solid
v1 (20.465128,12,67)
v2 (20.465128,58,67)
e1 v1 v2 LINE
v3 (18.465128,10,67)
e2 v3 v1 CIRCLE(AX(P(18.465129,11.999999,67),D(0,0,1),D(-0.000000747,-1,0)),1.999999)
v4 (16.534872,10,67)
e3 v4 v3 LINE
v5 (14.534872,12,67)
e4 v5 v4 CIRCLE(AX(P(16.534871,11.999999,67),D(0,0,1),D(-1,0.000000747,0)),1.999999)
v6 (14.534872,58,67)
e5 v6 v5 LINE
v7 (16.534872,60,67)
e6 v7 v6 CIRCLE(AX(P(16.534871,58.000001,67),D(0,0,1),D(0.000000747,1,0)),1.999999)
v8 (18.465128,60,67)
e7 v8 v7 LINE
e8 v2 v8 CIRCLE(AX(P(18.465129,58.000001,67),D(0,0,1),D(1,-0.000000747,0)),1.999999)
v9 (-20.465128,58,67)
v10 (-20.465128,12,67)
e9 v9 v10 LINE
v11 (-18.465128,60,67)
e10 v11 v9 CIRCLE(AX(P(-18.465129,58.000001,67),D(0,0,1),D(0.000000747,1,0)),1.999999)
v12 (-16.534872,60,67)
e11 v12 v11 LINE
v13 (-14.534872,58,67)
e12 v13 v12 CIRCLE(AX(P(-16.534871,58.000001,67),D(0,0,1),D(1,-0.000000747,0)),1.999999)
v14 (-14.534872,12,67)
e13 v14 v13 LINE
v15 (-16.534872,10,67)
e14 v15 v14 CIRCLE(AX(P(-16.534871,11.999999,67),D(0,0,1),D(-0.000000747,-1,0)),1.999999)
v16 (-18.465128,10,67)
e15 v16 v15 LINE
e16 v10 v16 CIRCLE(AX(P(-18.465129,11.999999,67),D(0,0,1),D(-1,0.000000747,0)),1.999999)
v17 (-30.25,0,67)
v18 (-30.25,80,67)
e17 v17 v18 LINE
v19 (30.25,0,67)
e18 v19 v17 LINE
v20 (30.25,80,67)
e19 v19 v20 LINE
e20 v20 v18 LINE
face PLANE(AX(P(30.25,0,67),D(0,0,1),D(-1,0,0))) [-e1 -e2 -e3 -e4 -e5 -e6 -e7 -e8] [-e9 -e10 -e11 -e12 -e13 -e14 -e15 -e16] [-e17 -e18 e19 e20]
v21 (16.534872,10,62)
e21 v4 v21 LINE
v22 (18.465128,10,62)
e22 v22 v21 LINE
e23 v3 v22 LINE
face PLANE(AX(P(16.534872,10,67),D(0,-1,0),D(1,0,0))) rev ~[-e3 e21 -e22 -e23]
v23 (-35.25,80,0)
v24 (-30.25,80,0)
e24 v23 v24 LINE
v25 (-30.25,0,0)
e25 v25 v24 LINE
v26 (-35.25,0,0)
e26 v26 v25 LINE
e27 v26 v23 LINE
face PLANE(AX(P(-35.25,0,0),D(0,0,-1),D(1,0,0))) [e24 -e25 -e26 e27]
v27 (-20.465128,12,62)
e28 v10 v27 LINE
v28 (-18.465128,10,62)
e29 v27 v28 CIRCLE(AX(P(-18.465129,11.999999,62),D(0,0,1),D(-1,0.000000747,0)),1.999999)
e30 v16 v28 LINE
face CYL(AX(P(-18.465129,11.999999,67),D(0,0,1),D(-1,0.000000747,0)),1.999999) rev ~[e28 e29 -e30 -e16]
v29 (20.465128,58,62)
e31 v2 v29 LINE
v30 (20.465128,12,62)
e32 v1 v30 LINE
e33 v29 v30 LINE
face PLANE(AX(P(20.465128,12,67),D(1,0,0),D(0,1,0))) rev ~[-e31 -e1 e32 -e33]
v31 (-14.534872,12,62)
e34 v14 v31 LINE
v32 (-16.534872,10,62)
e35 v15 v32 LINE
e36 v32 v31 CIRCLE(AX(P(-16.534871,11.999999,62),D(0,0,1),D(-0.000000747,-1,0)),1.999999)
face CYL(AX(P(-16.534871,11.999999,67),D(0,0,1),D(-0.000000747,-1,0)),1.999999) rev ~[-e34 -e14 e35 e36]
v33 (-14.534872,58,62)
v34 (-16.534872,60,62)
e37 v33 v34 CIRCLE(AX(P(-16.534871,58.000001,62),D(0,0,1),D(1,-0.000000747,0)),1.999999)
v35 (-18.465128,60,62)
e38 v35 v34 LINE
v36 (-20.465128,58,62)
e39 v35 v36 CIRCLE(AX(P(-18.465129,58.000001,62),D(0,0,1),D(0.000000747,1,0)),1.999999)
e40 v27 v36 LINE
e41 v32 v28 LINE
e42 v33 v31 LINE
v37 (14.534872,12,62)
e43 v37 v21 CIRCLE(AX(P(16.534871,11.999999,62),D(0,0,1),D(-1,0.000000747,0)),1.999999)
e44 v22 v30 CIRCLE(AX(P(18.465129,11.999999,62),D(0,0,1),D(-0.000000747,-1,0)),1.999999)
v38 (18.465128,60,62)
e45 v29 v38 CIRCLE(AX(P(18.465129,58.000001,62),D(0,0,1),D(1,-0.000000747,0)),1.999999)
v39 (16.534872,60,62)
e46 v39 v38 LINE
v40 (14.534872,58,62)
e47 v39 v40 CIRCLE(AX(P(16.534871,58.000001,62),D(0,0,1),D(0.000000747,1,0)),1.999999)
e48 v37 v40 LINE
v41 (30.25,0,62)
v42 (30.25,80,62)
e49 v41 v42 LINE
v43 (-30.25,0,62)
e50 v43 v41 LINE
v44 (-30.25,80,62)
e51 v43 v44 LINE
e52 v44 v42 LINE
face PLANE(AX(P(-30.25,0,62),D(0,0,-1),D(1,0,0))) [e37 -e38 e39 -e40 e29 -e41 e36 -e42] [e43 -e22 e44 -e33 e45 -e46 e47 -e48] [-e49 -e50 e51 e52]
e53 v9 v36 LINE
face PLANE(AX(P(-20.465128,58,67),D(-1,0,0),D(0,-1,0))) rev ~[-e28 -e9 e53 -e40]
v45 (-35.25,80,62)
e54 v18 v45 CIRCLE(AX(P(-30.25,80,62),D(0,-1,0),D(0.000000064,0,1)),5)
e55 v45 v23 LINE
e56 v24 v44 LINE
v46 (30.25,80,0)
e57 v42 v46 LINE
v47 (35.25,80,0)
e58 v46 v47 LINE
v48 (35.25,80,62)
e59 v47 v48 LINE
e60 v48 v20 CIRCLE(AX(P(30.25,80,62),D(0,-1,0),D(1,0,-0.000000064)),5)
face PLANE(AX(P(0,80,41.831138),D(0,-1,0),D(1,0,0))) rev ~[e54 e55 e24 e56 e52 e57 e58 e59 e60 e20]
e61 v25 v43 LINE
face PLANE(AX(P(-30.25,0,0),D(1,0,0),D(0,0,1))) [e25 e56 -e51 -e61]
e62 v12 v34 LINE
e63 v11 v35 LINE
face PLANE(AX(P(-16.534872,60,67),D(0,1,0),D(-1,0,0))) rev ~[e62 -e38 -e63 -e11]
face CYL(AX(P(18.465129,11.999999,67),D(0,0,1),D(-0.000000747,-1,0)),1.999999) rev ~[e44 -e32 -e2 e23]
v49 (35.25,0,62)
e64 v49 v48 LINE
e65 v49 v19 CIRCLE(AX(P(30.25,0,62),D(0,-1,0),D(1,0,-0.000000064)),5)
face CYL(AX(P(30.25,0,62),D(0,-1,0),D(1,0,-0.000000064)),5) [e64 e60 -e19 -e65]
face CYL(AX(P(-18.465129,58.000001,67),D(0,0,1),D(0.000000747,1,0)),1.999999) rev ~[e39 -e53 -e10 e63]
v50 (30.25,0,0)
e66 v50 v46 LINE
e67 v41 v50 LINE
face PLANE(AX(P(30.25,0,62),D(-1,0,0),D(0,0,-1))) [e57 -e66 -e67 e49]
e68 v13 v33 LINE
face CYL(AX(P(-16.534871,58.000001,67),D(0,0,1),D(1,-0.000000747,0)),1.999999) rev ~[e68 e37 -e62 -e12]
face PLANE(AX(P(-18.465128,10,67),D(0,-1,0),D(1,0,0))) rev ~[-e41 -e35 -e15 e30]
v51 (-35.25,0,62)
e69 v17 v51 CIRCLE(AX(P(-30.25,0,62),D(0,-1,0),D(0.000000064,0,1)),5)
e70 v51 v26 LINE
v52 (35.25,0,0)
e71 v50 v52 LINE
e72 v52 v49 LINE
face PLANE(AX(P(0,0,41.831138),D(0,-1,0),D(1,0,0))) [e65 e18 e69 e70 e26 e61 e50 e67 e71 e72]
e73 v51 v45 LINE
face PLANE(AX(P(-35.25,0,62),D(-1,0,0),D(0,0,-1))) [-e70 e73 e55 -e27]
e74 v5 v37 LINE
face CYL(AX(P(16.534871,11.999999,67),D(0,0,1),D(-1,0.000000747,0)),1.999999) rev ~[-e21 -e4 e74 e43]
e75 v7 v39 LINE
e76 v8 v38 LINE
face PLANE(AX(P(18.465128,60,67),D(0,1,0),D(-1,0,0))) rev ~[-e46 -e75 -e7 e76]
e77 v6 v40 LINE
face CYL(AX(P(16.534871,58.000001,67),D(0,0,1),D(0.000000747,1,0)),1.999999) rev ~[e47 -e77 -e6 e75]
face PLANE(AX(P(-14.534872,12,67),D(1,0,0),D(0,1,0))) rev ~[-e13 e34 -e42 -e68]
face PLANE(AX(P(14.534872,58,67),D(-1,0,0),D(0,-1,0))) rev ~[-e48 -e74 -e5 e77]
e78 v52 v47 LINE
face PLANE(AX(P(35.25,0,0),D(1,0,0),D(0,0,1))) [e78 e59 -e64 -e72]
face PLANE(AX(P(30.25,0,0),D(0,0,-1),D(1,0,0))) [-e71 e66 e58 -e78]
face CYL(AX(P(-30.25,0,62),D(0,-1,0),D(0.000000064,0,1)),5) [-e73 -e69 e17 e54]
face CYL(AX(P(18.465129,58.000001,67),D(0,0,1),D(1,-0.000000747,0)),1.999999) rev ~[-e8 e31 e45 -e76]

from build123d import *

# Parameters (mm, degrees)
F1_DEPTH = 80
F3_DEPTH = 67.001


with BuildPart() as f1:
    # F0 (on Front) → F1 (new body)
    with BuildSketch(Plane.XZ):
        with BuildLine():
            Line((-35.25, 62), (-35.25, 0))
            Line((-35.25, 0), (-30.25, 0))
            Line((-30.25, 0), (-30.25, 62))
            Line((-30.25, 62), (30.25, 62))
            Line((30.25, 62), (30.25, 0))
            Line((30.25, 0), (35.25, 0))
            Line((35.25, 0), (35.25, 62))
            ThreePointArc((35.25, 62), (33.785534, 65.535534), (30.25, 67))
            Line((30.25, 67), (-30.25, 67))
            ThreePointArc((-30.25, 67), (-33.785534, 65.535534), (-35.25, 62))
        make_face()
    extrude(amount=-F1_DEPTH)

    # F2 (on face) → F3 (cut, through all)
    with BuildSketch(Plane.XY.offset(67)):
        with BuildLine():
            Line((16.534872, 10), (18.465128, 10))
            ThreePointArc((18.465128, 10), (19.879342, 10.585786), (20.465128, 12))
            Line((20.465128, 12), (20.465128, 58))
            ThreePointArc((20.465128, 58), (19.879342, 59.414214), (18.465128, 60))
            Line((18.465128, 60), (16.534872, 60))
            ThreePointArc((16.534872, 60), (15.120658, 59.414214), (14.534872, 58))
            Line((14.534872, 58), (14.534872, 12))
            ThreePointArc((14.534872, 12), (15.120658, 10.585786), (16.534872, 10))
        make_face()
        with BuildLine():
            Line((-18.465128, 10), (-16.534872, 10))
            ThreePointArc((-16.534872, 10), (-15.120658, 10.585786), (-14.534872, 12))
            Line((-14.534872, 12), (-14.534872, 58))
            ThreePointArc((-14.534872, 58), (-15.120658, 59.414214), (-16.534872, 60))
            Line((-16.534872, 60), (-18.465128, 60))
            ThreePointArc((-18.465128, 60), (-19.879342, 59.414214), (-20.465128, 58))
            Line((-20.465128, 58), (-20.465128, 12))
            ThreePointArc((-20.465128, 12), (-19.879342, 10.585786), (-18.465128, 10))
        make_face()
    extrude(amount=-F3_DEPTH, mode=Mode.SUBTRACT)


solid = f1.part
